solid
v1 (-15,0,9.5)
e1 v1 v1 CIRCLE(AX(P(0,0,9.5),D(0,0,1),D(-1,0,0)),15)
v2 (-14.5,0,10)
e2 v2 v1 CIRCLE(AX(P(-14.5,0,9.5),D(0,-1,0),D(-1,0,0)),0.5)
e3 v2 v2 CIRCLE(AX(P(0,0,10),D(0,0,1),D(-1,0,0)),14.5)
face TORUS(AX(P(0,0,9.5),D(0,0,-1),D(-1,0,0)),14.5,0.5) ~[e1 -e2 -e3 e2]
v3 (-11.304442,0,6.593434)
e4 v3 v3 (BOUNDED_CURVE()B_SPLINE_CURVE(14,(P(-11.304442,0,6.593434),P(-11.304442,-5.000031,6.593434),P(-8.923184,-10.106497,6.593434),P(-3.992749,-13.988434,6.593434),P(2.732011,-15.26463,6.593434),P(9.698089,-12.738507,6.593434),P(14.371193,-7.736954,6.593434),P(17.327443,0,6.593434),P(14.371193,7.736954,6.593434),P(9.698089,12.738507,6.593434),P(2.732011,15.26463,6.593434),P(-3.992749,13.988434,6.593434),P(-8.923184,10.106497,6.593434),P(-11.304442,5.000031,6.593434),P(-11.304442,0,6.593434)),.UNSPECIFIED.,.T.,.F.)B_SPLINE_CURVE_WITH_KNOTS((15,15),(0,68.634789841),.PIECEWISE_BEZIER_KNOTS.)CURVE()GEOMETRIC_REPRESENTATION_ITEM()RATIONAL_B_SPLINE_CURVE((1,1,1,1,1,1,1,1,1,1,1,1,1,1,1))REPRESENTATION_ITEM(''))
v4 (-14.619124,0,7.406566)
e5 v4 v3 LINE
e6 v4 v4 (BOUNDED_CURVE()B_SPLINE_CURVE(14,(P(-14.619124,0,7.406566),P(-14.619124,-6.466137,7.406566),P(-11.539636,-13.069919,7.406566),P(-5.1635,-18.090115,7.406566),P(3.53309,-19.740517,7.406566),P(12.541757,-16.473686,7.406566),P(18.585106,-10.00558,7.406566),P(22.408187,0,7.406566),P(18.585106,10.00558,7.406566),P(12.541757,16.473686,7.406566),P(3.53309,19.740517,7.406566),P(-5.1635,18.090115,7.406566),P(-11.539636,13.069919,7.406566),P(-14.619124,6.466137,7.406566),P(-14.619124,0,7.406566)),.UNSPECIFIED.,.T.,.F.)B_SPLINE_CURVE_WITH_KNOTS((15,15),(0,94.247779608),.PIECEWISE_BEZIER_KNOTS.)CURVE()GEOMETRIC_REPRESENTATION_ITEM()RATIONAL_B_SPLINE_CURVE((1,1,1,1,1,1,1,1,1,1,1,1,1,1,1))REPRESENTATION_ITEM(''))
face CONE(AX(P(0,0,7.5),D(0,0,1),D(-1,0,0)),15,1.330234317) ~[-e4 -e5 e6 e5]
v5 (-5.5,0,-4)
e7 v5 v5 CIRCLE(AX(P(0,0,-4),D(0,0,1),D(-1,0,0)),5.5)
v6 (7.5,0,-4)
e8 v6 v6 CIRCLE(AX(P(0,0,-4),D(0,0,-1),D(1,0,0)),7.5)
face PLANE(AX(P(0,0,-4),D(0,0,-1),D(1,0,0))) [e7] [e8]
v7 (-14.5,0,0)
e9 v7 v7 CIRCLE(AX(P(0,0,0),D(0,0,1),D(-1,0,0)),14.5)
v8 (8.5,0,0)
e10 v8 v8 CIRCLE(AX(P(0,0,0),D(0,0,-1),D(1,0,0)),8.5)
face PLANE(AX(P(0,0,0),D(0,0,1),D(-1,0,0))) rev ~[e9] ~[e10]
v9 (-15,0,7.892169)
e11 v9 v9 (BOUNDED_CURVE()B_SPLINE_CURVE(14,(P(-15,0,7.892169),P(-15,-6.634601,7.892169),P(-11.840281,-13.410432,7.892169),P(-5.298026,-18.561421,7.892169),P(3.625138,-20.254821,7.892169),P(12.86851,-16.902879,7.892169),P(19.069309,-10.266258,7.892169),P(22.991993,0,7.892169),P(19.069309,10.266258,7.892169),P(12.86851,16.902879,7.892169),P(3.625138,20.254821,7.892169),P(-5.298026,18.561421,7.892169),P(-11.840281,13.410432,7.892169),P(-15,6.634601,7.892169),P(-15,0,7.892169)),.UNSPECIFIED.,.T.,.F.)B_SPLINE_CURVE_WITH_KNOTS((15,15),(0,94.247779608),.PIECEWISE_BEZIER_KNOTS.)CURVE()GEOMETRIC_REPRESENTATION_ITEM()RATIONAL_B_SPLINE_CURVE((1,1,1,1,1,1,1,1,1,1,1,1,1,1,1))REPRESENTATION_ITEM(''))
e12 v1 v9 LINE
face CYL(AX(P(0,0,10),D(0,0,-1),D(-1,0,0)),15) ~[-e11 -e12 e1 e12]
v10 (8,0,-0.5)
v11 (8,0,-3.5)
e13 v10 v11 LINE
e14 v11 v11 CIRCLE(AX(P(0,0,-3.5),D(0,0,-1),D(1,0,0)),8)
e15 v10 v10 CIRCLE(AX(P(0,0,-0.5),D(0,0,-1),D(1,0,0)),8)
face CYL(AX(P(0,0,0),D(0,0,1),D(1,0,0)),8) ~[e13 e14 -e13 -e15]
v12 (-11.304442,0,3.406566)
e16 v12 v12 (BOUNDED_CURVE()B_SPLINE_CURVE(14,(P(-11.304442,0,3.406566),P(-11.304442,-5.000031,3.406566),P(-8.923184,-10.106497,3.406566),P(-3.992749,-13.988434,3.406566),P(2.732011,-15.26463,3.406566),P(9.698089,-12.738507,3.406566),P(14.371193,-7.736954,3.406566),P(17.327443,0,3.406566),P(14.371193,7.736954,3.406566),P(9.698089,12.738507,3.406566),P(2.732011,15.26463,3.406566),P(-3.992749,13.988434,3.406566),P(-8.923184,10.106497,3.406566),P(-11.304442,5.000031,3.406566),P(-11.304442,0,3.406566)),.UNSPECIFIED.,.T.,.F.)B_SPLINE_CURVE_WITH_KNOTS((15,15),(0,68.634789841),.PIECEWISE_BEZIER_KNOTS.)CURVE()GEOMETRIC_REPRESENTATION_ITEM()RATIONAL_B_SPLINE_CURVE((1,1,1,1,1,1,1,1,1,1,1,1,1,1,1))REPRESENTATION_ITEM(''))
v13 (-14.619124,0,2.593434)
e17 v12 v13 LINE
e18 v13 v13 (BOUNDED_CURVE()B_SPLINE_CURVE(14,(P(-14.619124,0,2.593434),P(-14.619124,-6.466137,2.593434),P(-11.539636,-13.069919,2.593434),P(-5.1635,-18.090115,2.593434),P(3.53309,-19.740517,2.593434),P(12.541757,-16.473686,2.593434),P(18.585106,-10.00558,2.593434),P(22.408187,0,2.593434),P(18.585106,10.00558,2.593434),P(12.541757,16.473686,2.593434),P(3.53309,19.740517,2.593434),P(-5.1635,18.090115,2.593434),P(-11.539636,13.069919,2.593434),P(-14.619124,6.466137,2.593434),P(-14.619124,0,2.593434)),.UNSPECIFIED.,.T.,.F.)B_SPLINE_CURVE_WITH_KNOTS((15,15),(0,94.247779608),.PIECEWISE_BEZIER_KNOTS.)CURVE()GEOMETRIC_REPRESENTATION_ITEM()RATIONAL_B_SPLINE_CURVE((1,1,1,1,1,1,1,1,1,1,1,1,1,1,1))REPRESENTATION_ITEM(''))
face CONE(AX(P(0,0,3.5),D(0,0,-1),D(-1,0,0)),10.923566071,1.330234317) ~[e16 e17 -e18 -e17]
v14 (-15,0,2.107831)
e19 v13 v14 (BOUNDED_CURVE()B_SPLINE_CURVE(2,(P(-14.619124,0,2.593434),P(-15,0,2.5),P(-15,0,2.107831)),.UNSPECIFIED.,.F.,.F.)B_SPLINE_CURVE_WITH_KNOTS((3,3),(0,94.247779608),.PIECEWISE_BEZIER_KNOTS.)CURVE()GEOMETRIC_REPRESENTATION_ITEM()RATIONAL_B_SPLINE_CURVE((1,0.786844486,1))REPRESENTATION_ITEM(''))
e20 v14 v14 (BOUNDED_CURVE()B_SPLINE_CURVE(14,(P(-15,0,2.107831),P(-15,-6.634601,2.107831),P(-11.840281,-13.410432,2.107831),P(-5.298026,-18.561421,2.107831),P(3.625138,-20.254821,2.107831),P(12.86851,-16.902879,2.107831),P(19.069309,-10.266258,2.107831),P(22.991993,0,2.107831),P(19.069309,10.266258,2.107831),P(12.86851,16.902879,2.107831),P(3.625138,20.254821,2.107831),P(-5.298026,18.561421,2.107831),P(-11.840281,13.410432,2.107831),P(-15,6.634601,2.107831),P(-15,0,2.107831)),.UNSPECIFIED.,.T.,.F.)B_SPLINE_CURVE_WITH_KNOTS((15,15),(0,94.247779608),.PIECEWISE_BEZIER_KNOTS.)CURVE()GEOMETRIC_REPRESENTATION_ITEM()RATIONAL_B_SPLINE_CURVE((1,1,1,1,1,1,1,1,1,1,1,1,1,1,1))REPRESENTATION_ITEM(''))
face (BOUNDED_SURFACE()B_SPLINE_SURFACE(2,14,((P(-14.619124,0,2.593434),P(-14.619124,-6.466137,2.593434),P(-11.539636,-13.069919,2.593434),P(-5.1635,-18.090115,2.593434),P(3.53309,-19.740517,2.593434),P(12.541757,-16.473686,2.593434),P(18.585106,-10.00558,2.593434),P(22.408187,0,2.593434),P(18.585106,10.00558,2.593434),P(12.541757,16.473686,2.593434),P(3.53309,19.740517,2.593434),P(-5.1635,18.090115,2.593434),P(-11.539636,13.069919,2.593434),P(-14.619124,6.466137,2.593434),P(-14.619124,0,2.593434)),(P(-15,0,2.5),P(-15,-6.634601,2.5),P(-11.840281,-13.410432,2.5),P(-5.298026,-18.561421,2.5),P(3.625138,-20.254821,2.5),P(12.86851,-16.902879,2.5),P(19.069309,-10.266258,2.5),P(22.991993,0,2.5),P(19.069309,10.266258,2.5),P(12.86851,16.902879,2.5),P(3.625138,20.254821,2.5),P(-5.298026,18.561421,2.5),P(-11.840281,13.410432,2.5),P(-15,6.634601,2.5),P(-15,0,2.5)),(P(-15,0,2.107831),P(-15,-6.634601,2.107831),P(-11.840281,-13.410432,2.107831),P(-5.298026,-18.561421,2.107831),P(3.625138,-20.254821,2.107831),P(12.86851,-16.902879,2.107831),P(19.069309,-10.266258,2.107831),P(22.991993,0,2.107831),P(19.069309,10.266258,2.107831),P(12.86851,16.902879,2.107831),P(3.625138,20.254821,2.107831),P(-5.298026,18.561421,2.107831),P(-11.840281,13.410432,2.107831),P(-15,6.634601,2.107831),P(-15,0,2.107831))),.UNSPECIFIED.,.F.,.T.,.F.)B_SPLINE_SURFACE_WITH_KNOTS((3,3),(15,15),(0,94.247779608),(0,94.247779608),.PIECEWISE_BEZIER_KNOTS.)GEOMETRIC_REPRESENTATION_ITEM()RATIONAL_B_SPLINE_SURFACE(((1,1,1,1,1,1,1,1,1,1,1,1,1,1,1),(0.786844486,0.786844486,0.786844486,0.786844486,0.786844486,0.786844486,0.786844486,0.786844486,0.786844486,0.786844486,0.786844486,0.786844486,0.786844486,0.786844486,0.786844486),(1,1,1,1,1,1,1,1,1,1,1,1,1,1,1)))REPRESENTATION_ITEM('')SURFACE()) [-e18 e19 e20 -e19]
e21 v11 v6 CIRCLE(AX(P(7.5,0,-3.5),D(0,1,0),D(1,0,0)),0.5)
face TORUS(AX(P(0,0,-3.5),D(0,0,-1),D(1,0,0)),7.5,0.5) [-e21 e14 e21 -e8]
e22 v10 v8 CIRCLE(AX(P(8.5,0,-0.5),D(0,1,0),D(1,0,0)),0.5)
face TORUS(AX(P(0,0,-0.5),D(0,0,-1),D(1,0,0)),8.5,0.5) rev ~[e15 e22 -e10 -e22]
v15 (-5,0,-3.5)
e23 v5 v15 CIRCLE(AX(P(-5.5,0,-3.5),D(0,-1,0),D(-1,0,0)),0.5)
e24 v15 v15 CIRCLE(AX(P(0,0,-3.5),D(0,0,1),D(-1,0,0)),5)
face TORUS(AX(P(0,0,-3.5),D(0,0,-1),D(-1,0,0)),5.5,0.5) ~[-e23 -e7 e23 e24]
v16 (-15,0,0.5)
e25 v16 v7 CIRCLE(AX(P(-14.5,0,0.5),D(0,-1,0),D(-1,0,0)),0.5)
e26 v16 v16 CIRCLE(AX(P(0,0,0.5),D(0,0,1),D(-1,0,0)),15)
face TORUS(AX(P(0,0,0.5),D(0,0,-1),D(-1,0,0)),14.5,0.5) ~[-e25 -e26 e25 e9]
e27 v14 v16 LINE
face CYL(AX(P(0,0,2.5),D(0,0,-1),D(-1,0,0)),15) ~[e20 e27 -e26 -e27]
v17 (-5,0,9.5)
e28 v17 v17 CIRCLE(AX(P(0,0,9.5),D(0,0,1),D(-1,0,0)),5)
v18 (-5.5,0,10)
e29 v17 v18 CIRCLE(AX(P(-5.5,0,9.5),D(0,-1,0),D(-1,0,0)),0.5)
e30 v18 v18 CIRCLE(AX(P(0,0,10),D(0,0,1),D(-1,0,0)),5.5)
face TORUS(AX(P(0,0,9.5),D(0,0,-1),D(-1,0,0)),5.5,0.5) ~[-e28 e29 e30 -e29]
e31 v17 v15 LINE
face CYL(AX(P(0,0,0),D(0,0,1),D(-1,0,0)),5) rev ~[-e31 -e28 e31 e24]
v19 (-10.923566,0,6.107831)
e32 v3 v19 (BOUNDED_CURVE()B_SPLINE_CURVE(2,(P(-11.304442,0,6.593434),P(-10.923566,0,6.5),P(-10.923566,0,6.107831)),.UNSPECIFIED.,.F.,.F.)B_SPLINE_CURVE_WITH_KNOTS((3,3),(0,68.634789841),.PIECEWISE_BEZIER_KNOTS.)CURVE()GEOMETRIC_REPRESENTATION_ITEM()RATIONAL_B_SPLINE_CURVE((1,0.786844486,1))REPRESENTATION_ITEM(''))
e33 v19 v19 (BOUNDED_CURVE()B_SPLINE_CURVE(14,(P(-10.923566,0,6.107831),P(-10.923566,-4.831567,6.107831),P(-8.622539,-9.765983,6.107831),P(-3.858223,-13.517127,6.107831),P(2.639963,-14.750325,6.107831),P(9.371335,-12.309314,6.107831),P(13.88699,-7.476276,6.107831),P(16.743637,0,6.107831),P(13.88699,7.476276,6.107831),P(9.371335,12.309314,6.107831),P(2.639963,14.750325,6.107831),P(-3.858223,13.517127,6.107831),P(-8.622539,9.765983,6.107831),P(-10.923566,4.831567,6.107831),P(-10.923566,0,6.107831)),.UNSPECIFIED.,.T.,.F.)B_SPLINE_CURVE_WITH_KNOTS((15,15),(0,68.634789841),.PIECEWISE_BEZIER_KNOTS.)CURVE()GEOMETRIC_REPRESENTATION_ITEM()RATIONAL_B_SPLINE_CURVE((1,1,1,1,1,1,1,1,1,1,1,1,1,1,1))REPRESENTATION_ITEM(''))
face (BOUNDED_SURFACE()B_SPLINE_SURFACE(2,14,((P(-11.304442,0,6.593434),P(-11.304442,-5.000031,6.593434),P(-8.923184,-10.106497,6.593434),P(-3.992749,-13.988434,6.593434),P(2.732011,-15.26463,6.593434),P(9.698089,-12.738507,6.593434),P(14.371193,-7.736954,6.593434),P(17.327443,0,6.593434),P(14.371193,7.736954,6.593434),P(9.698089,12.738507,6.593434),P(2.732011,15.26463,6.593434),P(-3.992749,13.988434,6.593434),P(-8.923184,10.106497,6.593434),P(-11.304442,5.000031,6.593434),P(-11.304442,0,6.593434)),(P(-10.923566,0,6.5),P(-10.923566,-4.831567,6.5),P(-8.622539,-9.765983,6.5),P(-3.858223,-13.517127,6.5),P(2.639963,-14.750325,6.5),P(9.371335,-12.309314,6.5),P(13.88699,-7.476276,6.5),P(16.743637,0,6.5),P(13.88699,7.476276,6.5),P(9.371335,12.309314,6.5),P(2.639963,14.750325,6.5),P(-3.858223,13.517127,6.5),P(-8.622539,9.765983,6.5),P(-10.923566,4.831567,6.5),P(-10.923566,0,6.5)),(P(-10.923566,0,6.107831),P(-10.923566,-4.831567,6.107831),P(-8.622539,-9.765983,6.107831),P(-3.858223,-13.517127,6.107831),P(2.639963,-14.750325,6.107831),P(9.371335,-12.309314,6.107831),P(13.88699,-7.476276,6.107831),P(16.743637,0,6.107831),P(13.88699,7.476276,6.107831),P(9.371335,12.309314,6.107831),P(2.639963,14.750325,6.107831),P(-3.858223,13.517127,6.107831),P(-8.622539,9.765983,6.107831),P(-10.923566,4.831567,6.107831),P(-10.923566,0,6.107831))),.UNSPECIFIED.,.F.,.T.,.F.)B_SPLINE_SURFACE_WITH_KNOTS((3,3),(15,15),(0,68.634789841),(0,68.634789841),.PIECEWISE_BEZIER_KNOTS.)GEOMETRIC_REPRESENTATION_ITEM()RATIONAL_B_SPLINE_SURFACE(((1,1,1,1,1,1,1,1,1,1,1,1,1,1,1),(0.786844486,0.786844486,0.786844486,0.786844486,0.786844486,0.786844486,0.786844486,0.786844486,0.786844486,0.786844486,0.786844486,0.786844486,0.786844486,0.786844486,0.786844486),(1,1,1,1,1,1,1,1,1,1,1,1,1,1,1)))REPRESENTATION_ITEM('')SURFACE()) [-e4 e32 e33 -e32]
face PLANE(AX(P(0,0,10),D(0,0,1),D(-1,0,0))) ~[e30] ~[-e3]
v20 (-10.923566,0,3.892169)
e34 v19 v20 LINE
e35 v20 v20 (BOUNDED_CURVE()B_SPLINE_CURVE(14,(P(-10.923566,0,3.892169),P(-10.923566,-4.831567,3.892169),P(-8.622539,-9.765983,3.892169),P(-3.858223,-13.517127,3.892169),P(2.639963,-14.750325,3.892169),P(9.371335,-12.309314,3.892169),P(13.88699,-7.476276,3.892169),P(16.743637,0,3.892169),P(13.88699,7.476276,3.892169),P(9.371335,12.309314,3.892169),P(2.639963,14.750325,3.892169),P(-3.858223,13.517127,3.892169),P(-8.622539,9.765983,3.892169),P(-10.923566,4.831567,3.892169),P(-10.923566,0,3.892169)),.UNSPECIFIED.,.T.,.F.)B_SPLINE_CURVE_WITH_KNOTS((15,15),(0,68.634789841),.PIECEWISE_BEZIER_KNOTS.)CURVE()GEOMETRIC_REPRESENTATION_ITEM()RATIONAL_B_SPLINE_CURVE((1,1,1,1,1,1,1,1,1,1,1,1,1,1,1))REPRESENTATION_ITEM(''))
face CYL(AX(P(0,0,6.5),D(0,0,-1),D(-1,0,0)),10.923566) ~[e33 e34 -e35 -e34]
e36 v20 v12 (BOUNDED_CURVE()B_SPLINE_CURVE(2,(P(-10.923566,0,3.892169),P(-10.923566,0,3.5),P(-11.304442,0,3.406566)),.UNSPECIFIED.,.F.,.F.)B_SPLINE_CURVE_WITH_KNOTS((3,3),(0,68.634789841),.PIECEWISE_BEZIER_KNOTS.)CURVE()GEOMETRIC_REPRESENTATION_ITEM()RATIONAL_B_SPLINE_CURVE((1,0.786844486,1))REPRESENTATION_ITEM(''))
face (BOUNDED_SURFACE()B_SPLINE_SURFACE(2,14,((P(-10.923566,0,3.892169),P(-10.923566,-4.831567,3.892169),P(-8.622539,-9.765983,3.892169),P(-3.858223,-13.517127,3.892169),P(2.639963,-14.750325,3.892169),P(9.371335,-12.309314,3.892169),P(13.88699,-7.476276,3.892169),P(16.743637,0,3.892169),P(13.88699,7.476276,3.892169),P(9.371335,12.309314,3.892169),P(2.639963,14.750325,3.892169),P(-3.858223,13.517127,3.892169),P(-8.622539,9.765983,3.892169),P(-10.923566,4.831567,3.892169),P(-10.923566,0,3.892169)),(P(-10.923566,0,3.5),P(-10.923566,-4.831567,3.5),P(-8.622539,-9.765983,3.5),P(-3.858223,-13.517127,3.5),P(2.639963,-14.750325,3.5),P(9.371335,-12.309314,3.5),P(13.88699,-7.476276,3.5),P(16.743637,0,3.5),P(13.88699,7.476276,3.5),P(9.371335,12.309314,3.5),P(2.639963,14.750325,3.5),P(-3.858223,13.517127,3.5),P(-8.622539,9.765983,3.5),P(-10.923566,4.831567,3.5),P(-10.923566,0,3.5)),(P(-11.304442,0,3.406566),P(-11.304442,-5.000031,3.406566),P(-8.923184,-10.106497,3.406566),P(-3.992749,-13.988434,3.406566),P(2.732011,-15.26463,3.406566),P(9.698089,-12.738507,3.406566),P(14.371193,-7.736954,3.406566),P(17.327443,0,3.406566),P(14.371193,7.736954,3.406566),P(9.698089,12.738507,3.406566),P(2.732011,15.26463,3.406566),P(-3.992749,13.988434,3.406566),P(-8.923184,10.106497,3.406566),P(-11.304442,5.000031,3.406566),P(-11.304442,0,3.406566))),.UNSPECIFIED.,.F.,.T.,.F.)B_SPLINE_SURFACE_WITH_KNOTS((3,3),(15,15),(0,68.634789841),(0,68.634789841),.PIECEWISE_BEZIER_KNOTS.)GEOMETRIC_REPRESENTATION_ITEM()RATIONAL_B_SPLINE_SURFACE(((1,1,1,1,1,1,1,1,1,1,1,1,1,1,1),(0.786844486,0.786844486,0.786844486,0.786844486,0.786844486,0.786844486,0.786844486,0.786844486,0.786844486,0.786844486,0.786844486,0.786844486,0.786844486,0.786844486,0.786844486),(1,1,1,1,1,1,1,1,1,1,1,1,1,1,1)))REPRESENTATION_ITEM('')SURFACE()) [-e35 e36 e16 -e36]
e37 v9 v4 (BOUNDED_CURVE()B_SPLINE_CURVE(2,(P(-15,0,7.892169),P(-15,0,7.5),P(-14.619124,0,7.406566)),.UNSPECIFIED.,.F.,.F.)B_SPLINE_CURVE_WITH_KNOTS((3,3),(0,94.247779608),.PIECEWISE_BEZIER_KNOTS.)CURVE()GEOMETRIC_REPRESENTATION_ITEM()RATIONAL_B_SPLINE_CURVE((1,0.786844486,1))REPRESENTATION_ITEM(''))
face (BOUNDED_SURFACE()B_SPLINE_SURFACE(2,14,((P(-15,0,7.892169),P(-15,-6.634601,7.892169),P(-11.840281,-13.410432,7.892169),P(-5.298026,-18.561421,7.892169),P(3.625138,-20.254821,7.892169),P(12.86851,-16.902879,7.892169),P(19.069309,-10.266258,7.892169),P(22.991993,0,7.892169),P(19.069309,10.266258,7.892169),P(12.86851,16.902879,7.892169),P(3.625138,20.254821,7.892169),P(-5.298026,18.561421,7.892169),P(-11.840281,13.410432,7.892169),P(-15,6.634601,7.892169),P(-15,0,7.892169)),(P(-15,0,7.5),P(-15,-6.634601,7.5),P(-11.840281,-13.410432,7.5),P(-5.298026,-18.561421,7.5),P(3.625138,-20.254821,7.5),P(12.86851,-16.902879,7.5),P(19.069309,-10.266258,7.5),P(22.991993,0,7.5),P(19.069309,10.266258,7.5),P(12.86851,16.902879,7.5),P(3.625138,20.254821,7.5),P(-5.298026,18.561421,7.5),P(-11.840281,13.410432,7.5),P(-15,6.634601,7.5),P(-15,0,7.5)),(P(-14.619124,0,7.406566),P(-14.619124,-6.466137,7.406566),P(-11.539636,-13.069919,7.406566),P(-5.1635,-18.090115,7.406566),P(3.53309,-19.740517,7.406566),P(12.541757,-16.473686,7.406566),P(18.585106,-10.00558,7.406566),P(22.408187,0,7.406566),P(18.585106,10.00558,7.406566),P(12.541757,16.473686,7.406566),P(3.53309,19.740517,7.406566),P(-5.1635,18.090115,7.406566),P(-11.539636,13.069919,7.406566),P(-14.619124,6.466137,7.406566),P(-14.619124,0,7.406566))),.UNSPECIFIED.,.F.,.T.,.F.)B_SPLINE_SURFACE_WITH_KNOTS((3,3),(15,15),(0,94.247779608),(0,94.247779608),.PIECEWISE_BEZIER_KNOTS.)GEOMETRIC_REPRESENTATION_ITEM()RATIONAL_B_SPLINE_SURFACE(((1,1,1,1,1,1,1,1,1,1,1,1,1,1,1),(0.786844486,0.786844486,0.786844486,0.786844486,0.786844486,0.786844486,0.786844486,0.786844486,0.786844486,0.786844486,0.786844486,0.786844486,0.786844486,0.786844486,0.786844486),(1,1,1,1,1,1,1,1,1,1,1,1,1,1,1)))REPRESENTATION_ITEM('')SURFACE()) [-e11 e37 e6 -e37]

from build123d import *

# Parameters (mm, degrees)
F2_R     = 8
F2_R_2   = 5
F3_DEPTH = 4
F4_DEPTH = 25
F5_R     = 0.5


with BuildPart() as f1:
    # F0 (on Front) → F1 (revolve)
    with BuildSketch(Plane.XZ):
        Polygon((-15, 0), (-5, 0), (-5, 10), (-15, 10), (-15, 7.5), (-10.9235660713, 6.5), (-10.9235660713, 3.5), (-15, 2.5), align=None)
    revolve(axis=Axis((0, 0, 5), (0, 0, 1)))

    # F2 (on face) → F3 (join)
    with BuildSketch(Plane(origin=(0, 0, 0), x_dir=(1, 0, 0), z_dir=(0, 0, -1))):
        Circle(F2_R)
        Circle(F2_R_2, mode=Mode.SUBTRACT)
        Circle(F2_R)
    extrude(amount=F3_DEPTH)

    # F4 (cut): a face of the model
    f4_faces = [f1.faces().sort_by_distance(p)[0] for p in [
        (0, 0, 0),
    ]]
    extrude(f4_faces, amount=-F4_DEPTH, mode=Mode.SUBTRACT)

    # F5
    f5_edges = [f1.edges().sort_by_distance(p)[0] for p in [
        (5, 0, -4),
        (-8, 0, -4),
        (-8, 0, 0),
        (15, 0, 0),
        (15, 0, 2.5),
        (15, 0, 7.5),
        (15, 0, 10),
        (10.923566, 0, 6.5),
        (10.923566, 0, 3.5),
        (5, 0, 10),
    ]]
    fillet(f5_edges, radius=F5_R)


solid = f1.part
